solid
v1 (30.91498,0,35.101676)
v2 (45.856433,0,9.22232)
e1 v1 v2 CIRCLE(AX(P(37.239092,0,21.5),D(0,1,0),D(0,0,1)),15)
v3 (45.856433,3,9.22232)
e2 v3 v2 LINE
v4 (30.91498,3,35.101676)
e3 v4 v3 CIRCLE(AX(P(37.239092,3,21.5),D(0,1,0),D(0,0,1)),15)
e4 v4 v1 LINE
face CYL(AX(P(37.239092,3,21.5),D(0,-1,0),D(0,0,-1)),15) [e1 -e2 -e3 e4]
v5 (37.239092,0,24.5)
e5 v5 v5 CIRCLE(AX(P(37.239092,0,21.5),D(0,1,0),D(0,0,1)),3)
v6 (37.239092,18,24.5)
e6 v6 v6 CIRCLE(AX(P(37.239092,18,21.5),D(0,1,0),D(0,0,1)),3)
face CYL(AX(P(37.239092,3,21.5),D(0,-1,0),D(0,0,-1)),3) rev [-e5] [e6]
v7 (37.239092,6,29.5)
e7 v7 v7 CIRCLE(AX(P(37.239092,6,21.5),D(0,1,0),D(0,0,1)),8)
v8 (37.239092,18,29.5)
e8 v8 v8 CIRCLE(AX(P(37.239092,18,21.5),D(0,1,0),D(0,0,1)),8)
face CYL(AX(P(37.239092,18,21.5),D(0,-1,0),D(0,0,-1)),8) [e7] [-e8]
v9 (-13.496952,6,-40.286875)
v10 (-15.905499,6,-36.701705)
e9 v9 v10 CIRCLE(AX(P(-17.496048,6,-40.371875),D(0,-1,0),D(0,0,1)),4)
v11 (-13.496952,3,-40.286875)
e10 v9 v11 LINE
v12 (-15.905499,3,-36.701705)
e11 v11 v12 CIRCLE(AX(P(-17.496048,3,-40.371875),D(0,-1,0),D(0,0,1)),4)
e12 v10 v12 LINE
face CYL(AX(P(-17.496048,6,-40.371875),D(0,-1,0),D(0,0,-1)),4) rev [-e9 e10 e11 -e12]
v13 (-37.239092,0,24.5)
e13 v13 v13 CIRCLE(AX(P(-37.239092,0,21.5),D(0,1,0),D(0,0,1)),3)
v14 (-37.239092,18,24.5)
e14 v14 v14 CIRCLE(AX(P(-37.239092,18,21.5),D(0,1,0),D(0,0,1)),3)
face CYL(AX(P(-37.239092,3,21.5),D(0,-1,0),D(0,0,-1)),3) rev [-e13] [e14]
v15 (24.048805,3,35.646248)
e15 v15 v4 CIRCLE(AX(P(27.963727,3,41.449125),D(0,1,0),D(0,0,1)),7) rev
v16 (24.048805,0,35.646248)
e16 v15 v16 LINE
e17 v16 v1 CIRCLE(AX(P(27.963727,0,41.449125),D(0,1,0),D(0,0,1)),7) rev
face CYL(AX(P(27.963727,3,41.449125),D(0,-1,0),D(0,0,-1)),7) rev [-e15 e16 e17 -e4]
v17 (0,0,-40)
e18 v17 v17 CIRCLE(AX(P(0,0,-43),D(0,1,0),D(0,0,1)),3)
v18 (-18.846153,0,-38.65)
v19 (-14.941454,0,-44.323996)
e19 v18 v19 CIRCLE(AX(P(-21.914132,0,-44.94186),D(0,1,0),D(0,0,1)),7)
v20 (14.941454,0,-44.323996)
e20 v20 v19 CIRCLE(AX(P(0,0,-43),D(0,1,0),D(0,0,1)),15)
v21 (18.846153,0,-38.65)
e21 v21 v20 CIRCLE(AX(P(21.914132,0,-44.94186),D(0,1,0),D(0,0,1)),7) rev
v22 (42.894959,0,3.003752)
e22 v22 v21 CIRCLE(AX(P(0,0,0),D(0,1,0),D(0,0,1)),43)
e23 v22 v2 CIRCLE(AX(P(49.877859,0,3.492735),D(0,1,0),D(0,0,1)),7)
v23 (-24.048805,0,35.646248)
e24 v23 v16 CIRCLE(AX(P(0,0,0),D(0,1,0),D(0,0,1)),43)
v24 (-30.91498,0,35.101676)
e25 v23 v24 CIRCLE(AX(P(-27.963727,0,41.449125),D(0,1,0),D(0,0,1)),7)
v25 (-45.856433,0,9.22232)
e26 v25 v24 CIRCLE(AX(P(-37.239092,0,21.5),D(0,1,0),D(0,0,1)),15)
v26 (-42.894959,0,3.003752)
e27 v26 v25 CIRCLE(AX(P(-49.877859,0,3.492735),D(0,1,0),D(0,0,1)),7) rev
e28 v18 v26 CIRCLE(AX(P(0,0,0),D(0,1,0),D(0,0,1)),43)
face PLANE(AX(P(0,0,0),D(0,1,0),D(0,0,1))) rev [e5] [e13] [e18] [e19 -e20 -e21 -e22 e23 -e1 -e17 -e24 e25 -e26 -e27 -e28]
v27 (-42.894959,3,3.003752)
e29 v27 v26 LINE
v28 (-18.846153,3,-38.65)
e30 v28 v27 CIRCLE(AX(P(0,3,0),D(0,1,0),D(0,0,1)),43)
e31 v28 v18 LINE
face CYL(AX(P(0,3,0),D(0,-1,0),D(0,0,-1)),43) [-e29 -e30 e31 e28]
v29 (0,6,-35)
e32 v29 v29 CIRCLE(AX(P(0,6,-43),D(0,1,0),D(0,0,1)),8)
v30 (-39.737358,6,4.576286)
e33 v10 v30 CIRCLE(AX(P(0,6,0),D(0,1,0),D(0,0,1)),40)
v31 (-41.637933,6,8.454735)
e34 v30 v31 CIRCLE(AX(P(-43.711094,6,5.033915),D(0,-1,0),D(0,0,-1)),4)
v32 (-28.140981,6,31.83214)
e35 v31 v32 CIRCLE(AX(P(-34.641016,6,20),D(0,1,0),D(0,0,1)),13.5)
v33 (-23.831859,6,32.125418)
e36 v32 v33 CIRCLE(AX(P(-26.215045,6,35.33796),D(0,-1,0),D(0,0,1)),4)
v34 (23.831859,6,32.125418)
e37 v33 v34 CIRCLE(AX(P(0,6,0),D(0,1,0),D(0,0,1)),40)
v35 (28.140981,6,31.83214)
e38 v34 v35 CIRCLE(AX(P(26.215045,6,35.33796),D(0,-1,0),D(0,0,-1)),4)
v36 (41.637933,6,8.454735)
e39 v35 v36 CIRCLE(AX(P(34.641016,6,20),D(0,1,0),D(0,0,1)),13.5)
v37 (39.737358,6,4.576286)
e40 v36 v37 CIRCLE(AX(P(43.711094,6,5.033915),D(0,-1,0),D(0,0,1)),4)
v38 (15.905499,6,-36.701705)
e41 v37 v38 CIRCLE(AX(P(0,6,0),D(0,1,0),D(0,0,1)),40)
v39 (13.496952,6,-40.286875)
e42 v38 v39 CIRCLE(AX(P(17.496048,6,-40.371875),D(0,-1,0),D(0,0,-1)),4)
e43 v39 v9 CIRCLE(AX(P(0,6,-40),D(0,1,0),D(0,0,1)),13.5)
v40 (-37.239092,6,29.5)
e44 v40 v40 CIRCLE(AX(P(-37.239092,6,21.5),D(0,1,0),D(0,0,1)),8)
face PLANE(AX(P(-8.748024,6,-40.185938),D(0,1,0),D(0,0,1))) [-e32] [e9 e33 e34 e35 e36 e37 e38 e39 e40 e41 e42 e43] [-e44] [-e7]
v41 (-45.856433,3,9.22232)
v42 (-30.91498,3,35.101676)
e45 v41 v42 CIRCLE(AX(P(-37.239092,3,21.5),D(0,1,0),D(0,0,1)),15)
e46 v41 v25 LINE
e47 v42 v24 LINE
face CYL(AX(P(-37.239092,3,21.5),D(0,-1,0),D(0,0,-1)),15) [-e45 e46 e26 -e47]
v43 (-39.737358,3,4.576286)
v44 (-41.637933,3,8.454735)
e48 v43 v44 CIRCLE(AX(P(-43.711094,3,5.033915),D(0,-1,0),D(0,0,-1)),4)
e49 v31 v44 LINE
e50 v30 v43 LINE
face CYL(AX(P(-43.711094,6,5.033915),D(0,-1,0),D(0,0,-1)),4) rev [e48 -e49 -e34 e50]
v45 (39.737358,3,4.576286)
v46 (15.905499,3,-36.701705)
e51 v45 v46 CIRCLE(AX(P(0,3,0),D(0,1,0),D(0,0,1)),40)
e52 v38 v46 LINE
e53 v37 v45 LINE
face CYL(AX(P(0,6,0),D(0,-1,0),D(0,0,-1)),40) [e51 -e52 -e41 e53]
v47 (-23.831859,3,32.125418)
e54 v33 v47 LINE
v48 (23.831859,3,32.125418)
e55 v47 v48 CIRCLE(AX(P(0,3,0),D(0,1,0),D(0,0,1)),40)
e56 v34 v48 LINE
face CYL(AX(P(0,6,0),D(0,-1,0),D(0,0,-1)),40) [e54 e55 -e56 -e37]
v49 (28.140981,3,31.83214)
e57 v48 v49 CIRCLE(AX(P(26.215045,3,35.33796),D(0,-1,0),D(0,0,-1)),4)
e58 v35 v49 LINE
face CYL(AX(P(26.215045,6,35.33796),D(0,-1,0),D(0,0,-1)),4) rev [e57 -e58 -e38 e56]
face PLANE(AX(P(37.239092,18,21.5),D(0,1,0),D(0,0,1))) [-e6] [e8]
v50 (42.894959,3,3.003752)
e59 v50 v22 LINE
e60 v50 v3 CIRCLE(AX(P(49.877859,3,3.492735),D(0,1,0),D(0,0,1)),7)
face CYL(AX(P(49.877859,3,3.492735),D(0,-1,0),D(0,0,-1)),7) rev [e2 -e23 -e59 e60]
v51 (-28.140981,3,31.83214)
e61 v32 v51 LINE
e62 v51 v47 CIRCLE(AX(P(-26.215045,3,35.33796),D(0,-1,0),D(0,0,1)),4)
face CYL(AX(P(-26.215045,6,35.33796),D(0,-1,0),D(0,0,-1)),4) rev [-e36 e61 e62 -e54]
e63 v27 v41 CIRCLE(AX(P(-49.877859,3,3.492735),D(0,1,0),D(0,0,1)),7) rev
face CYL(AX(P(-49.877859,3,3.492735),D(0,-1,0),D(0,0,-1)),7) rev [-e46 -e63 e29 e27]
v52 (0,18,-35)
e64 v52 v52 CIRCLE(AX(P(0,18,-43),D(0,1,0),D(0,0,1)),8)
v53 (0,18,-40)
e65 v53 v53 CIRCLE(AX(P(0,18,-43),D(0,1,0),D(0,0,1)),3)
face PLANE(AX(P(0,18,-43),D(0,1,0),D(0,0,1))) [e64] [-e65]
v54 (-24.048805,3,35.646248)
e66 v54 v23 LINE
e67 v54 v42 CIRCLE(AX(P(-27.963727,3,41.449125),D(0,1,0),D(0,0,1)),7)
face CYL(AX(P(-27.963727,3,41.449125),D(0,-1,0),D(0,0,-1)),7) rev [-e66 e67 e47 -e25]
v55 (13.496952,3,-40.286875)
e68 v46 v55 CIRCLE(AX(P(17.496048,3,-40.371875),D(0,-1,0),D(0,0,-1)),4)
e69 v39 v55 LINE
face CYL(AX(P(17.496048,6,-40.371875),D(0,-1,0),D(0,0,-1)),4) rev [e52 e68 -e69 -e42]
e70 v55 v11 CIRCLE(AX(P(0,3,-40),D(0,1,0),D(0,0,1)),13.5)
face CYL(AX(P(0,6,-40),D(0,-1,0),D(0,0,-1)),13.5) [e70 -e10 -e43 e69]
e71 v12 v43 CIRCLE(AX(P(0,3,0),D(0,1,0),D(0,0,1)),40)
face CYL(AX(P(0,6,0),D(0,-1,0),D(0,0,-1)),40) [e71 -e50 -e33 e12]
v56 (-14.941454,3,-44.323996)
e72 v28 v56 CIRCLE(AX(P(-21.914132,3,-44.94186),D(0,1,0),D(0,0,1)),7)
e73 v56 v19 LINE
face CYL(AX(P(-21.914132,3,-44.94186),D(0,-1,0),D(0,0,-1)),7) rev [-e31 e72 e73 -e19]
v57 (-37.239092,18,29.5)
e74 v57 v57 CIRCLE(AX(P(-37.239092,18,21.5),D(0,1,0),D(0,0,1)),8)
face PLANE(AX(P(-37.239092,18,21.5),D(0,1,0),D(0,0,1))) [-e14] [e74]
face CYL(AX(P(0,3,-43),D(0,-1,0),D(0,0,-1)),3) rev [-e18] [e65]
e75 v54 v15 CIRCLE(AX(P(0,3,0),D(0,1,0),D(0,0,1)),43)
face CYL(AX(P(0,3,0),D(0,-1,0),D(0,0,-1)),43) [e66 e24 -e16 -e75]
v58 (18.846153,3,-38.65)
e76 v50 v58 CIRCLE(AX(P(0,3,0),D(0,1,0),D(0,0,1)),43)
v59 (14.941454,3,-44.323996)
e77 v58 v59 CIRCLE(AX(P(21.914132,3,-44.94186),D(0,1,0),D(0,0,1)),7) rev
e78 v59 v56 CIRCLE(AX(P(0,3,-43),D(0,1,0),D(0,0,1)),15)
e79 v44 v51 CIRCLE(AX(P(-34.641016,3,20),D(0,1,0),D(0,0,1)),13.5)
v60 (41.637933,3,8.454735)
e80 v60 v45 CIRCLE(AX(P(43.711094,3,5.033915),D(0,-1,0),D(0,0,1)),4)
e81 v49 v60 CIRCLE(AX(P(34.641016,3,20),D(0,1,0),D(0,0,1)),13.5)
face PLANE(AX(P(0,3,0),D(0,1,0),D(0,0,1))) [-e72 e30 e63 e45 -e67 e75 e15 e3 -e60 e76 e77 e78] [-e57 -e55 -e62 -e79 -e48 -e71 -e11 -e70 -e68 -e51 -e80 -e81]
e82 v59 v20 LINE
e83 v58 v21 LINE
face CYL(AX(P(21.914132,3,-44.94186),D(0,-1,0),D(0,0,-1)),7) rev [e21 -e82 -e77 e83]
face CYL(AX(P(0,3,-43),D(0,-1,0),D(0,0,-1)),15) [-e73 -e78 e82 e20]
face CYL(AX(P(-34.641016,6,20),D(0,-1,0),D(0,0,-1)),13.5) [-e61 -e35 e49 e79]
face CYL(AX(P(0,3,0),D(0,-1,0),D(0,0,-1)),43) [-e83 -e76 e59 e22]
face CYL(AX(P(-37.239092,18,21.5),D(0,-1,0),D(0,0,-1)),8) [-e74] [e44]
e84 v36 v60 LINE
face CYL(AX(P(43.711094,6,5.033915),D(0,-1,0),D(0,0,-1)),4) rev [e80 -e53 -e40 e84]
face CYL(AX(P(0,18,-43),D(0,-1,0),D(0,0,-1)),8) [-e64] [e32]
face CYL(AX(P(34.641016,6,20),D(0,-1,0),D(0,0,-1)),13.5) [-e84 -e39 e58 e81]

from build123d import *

# Parameters (mm, degrees)
SKETCH1_R           = 6
SKETCH1_R_2         = 3
BOSS_EXTRUDE1_DEPTH = 3
SKETCH3_R           = 3
BOSS_EXTRUDE3_DEPTH = 3
SKETCH4_R           = 8
SKETCH4_R_2         = 3
BOSS_EXTRUDE4_DEPTH = 12
SKETCH6_R           = 8
SKETCH6_R_2         = 3
BOSS_EXTRUDE5_DEPTH = 12


with BuildPart() as part:
    # Sketch1 → Boss-Extrude1 (new body)
    # profile 1 of 4: a face of its own
    with BuildSketch(Plane(origin=(0, 0, 0), x_dir=(1, 0, 0), z_dir=(0, 1, 0))):
        with BuildLine():
            ThreePointArc((42.894958583, -3.003752345), (43.557934635, -6.502479184), (45.856433127, -9.222319513))
            ThreePointArc((45.856433127, -9.222319513), (50.229473419, -29), (30.914979544, -35.101676259))
            ThreePointArc((30.914979544, -35.101676259), (27.410279478, -34.471038339), (24.048805129, -35.646247655))
            ThreePointArc((24.048805129, -35.646247655), (0, -43), (-24.048805129, -35.646247655))
            ThreePointArc((-24.048805129, -35.646247655), (-27.410279478, -34.471038339), (-30.914979544, -35.101676259))
            ThreePointArc((-30.914979544, -35.101676259), (-50.229473419, -29), (-45.856433127, -9.222319513))
            ThreePointArc((-45.856433127, -9.222319513), (-43.557934635, -6.502479184), (-42.894958583, -3.003752345))
            ThreePointArc((-42.894958583, -3.003752345), (-37.239092363, 21.5), (-18.846153454, 38.65))
            ThreePointArc((-18.846153454, 38.65), (-16.147655157, 40.973517523), (-14.941453584, 44.323995772))
            ThreePointArc((-14.941453584, 44.323995772), (0, 58), (14.941453584, 44.323995772))
            ThreePointArc((14.941453584, 44.323995772), (16.147655157, 40.973517523), (18.846153454, 38.65))
            ThreePointArc((18.846153454, 38.65), (37.239092363, 21.5), (42.894958583, -3.003752345))
        make_face()
        with Locations((37.239092363, -21.5)):
            Circle(SKETCH1_R, mode=Mode.SUBTRACT)
        with Locations((-37.239092363, -21.5)):
            Circle(SKETCH1_R, mode=Mode.SUBTRACT)
        with Locations((0, 43)):
            Circle(SKETCH1_R, mode=Mode.SUBTRACT)
    # profile 2 of 4: a face of its own
    with BuildSketch(Plane(origin=(0, 0, 0), x_dir=(1, 0, 0), z_dir=(0, 1, 0))):
        with Locations((-37.239092363, -21.5)):
            Circle(SKETCH1_R)
        with Locations(Location((-37.239092363, -21.5, 0), (0, 0, 270))):
            Circle(SKETCH1_R_2, mode=Mode.SUBTRACT)
    # profile 3 of 4: a face of its own
    with BuildSketch(Plane(origin=(0, 0, 0), x_dir=(1, 0, 0), z_dir=(0, 1, 0))):
        with Locations((37.239092363, -21.5)):
            Circle(SKETCH1_R)
        with Locations(Location((37.239092363, -21.5, 0), (0, 0, 270))):
            Circle(SKETCH1_R_2, mode=Mode.SUBTRACT)
    # profile 4 of 4: a face of its own
    with BuildSketch(Plane(origin=(0, 0, 0), x_dir=(1, 0, 0), z_dir=(0, 1, 0))):
        with Locations((0, 43)):
            Circle(SKETCH1_R)
        with Locations(Location((0, 43, 0), (0, 0, 270))):
            Circle(SKETCH1_R_2, mode=Mode.SUBTRACT)
    extrude(amount=BOSS_EXTRUDE1_DEPTH)

    # Sketch3 → Boss-Extrude3 (add)
    with BuildSketch(Plane(origin=(0, 3, 0), x_dir=(1, 0, 0), z_dir=(0, 1, 0))):
        with BuildLine():
            ThreePointArc((13.496951609, 40.286875), (0, 53.5), (-13.496951609, 40.286875))
            ThreePointArc((-13.496951609, 40.286875), (-14.175747319, 38.14126951), (-15.905498529, 36.701704545))
            ThreePointArc((-15.905498529, 36.701704545), (-34.641016151, 20), (-39.737357763, -4.576286487))
            ThreePointArc((-39.737357763, -4.576286487), (-40.119181988, -6.794077459), (-41.637932994, -8.454734533))
            ThreePointArc((-41.637932994, -8.454734533), (-46.332359102, -26.75), (-28.140981385, -31.832140467))
            ThreePointArc((-28.140981385, -31.832140467), (-25.943434669, -31.347192051), (-23.831859234, -32.125418059))
            ThreePointArc((-23.831859234, -32.125418059), (0, -40), (23.831859234, -32.125418059))
            ThreePointArc((23.831859234, -32.125418059), (25.943434669, -31.347192051), (28.140981385, -31.832140467))
            ThreePointArc((28.140981385, -31.832140467), (46.332359102, -26.75), (41.637932994, -8.454734533))
            ThreePointArc((41.637932994, -8.454734533), (40.119181988, -6.794077459), (39.737357763, -4.576286487))
            ThreePointArc((39.737357763, -4.576286487), (34.641016151, 20), (15.905498529, 36.701704545))
            ThreePointArc((15.905498529, 36.701704545), (14.175747319, 38.14126951), (13.496951609, 40.286875))
        make_face()
        with Locations(Location((0, 43, 0), (0, 0, 270))):
            Circle(SKETCH3_R, mode=Mode.SUBTRACT)
        with Locations(Location((-37.239092363, -21.5, 0), (0, 0, 270))):
            Circle(SKETCH3_R, mode=Mode.SUBTRACT)
        with Locations(Location((37.239092363, -21.5, 0), (0, 0, 270))):
            Circle(SKETCH3_R, mode=Mode.SUBTRACT)
    extrude(amount=BOSS_EXTRUDE3_DEPTH)

    # Sketch4 → Boss-Extrude4 (add)
    with BuildSketch(Plane(origin=(0, 6, 0), x_dir=(1, 0, 0), z_dir=(0, 1, 0))):
        with Locations(Location((0, 43, 0), (0, 0, 270))):
            Circle(SKETCH4_R)
        with Locations(Location((0, 43, 0), (0, 0, 270))):
            Circle(SKETCH4_R_2, mode=Mode.SUBTRACT)
    extrude(amount=BOSS_EXTRUDE4_DEPTH)

    # Sketch6 → Boss-Extrude5 (add)
    # profile 1 of 2: a face of its own
    with BuildSketch(Plane(origin=(0, 6, 0), x_dir=(1, 0, 0), z_dir=(0, 1, 0))):
        with Locations(Location((-37.239092363, -21.5, 0), (0, 0, 270))):
            Circle(SKETCH6_R)
        with Locations(Location((-37.239092363, -21.5, 0), (0, 0, 270))):
            Circle(SKETCH6_R_2, mode=Mode.SUBTRACT)
    # profile 2 of 2: a face of its own
    with BuildSketch(Plane(origin=(0, 6, 0), x_dir=(1, 0, 0), z_dir=(0, 1, 0))):
        with Locations(Location((37.239092363, -21.5, 0), (0, 0, 270))):
            Circle(SKETCH6_R)
        with Locations(Location((37.239092363, -21.5, 0), (0, 0, 270))):
            Circle(SKETCH6_R_2, mode=Mode.SUBTRACT)
    extrude(amount=BOSS_EXTRUDE5_DEPTH)


solid = part.part
